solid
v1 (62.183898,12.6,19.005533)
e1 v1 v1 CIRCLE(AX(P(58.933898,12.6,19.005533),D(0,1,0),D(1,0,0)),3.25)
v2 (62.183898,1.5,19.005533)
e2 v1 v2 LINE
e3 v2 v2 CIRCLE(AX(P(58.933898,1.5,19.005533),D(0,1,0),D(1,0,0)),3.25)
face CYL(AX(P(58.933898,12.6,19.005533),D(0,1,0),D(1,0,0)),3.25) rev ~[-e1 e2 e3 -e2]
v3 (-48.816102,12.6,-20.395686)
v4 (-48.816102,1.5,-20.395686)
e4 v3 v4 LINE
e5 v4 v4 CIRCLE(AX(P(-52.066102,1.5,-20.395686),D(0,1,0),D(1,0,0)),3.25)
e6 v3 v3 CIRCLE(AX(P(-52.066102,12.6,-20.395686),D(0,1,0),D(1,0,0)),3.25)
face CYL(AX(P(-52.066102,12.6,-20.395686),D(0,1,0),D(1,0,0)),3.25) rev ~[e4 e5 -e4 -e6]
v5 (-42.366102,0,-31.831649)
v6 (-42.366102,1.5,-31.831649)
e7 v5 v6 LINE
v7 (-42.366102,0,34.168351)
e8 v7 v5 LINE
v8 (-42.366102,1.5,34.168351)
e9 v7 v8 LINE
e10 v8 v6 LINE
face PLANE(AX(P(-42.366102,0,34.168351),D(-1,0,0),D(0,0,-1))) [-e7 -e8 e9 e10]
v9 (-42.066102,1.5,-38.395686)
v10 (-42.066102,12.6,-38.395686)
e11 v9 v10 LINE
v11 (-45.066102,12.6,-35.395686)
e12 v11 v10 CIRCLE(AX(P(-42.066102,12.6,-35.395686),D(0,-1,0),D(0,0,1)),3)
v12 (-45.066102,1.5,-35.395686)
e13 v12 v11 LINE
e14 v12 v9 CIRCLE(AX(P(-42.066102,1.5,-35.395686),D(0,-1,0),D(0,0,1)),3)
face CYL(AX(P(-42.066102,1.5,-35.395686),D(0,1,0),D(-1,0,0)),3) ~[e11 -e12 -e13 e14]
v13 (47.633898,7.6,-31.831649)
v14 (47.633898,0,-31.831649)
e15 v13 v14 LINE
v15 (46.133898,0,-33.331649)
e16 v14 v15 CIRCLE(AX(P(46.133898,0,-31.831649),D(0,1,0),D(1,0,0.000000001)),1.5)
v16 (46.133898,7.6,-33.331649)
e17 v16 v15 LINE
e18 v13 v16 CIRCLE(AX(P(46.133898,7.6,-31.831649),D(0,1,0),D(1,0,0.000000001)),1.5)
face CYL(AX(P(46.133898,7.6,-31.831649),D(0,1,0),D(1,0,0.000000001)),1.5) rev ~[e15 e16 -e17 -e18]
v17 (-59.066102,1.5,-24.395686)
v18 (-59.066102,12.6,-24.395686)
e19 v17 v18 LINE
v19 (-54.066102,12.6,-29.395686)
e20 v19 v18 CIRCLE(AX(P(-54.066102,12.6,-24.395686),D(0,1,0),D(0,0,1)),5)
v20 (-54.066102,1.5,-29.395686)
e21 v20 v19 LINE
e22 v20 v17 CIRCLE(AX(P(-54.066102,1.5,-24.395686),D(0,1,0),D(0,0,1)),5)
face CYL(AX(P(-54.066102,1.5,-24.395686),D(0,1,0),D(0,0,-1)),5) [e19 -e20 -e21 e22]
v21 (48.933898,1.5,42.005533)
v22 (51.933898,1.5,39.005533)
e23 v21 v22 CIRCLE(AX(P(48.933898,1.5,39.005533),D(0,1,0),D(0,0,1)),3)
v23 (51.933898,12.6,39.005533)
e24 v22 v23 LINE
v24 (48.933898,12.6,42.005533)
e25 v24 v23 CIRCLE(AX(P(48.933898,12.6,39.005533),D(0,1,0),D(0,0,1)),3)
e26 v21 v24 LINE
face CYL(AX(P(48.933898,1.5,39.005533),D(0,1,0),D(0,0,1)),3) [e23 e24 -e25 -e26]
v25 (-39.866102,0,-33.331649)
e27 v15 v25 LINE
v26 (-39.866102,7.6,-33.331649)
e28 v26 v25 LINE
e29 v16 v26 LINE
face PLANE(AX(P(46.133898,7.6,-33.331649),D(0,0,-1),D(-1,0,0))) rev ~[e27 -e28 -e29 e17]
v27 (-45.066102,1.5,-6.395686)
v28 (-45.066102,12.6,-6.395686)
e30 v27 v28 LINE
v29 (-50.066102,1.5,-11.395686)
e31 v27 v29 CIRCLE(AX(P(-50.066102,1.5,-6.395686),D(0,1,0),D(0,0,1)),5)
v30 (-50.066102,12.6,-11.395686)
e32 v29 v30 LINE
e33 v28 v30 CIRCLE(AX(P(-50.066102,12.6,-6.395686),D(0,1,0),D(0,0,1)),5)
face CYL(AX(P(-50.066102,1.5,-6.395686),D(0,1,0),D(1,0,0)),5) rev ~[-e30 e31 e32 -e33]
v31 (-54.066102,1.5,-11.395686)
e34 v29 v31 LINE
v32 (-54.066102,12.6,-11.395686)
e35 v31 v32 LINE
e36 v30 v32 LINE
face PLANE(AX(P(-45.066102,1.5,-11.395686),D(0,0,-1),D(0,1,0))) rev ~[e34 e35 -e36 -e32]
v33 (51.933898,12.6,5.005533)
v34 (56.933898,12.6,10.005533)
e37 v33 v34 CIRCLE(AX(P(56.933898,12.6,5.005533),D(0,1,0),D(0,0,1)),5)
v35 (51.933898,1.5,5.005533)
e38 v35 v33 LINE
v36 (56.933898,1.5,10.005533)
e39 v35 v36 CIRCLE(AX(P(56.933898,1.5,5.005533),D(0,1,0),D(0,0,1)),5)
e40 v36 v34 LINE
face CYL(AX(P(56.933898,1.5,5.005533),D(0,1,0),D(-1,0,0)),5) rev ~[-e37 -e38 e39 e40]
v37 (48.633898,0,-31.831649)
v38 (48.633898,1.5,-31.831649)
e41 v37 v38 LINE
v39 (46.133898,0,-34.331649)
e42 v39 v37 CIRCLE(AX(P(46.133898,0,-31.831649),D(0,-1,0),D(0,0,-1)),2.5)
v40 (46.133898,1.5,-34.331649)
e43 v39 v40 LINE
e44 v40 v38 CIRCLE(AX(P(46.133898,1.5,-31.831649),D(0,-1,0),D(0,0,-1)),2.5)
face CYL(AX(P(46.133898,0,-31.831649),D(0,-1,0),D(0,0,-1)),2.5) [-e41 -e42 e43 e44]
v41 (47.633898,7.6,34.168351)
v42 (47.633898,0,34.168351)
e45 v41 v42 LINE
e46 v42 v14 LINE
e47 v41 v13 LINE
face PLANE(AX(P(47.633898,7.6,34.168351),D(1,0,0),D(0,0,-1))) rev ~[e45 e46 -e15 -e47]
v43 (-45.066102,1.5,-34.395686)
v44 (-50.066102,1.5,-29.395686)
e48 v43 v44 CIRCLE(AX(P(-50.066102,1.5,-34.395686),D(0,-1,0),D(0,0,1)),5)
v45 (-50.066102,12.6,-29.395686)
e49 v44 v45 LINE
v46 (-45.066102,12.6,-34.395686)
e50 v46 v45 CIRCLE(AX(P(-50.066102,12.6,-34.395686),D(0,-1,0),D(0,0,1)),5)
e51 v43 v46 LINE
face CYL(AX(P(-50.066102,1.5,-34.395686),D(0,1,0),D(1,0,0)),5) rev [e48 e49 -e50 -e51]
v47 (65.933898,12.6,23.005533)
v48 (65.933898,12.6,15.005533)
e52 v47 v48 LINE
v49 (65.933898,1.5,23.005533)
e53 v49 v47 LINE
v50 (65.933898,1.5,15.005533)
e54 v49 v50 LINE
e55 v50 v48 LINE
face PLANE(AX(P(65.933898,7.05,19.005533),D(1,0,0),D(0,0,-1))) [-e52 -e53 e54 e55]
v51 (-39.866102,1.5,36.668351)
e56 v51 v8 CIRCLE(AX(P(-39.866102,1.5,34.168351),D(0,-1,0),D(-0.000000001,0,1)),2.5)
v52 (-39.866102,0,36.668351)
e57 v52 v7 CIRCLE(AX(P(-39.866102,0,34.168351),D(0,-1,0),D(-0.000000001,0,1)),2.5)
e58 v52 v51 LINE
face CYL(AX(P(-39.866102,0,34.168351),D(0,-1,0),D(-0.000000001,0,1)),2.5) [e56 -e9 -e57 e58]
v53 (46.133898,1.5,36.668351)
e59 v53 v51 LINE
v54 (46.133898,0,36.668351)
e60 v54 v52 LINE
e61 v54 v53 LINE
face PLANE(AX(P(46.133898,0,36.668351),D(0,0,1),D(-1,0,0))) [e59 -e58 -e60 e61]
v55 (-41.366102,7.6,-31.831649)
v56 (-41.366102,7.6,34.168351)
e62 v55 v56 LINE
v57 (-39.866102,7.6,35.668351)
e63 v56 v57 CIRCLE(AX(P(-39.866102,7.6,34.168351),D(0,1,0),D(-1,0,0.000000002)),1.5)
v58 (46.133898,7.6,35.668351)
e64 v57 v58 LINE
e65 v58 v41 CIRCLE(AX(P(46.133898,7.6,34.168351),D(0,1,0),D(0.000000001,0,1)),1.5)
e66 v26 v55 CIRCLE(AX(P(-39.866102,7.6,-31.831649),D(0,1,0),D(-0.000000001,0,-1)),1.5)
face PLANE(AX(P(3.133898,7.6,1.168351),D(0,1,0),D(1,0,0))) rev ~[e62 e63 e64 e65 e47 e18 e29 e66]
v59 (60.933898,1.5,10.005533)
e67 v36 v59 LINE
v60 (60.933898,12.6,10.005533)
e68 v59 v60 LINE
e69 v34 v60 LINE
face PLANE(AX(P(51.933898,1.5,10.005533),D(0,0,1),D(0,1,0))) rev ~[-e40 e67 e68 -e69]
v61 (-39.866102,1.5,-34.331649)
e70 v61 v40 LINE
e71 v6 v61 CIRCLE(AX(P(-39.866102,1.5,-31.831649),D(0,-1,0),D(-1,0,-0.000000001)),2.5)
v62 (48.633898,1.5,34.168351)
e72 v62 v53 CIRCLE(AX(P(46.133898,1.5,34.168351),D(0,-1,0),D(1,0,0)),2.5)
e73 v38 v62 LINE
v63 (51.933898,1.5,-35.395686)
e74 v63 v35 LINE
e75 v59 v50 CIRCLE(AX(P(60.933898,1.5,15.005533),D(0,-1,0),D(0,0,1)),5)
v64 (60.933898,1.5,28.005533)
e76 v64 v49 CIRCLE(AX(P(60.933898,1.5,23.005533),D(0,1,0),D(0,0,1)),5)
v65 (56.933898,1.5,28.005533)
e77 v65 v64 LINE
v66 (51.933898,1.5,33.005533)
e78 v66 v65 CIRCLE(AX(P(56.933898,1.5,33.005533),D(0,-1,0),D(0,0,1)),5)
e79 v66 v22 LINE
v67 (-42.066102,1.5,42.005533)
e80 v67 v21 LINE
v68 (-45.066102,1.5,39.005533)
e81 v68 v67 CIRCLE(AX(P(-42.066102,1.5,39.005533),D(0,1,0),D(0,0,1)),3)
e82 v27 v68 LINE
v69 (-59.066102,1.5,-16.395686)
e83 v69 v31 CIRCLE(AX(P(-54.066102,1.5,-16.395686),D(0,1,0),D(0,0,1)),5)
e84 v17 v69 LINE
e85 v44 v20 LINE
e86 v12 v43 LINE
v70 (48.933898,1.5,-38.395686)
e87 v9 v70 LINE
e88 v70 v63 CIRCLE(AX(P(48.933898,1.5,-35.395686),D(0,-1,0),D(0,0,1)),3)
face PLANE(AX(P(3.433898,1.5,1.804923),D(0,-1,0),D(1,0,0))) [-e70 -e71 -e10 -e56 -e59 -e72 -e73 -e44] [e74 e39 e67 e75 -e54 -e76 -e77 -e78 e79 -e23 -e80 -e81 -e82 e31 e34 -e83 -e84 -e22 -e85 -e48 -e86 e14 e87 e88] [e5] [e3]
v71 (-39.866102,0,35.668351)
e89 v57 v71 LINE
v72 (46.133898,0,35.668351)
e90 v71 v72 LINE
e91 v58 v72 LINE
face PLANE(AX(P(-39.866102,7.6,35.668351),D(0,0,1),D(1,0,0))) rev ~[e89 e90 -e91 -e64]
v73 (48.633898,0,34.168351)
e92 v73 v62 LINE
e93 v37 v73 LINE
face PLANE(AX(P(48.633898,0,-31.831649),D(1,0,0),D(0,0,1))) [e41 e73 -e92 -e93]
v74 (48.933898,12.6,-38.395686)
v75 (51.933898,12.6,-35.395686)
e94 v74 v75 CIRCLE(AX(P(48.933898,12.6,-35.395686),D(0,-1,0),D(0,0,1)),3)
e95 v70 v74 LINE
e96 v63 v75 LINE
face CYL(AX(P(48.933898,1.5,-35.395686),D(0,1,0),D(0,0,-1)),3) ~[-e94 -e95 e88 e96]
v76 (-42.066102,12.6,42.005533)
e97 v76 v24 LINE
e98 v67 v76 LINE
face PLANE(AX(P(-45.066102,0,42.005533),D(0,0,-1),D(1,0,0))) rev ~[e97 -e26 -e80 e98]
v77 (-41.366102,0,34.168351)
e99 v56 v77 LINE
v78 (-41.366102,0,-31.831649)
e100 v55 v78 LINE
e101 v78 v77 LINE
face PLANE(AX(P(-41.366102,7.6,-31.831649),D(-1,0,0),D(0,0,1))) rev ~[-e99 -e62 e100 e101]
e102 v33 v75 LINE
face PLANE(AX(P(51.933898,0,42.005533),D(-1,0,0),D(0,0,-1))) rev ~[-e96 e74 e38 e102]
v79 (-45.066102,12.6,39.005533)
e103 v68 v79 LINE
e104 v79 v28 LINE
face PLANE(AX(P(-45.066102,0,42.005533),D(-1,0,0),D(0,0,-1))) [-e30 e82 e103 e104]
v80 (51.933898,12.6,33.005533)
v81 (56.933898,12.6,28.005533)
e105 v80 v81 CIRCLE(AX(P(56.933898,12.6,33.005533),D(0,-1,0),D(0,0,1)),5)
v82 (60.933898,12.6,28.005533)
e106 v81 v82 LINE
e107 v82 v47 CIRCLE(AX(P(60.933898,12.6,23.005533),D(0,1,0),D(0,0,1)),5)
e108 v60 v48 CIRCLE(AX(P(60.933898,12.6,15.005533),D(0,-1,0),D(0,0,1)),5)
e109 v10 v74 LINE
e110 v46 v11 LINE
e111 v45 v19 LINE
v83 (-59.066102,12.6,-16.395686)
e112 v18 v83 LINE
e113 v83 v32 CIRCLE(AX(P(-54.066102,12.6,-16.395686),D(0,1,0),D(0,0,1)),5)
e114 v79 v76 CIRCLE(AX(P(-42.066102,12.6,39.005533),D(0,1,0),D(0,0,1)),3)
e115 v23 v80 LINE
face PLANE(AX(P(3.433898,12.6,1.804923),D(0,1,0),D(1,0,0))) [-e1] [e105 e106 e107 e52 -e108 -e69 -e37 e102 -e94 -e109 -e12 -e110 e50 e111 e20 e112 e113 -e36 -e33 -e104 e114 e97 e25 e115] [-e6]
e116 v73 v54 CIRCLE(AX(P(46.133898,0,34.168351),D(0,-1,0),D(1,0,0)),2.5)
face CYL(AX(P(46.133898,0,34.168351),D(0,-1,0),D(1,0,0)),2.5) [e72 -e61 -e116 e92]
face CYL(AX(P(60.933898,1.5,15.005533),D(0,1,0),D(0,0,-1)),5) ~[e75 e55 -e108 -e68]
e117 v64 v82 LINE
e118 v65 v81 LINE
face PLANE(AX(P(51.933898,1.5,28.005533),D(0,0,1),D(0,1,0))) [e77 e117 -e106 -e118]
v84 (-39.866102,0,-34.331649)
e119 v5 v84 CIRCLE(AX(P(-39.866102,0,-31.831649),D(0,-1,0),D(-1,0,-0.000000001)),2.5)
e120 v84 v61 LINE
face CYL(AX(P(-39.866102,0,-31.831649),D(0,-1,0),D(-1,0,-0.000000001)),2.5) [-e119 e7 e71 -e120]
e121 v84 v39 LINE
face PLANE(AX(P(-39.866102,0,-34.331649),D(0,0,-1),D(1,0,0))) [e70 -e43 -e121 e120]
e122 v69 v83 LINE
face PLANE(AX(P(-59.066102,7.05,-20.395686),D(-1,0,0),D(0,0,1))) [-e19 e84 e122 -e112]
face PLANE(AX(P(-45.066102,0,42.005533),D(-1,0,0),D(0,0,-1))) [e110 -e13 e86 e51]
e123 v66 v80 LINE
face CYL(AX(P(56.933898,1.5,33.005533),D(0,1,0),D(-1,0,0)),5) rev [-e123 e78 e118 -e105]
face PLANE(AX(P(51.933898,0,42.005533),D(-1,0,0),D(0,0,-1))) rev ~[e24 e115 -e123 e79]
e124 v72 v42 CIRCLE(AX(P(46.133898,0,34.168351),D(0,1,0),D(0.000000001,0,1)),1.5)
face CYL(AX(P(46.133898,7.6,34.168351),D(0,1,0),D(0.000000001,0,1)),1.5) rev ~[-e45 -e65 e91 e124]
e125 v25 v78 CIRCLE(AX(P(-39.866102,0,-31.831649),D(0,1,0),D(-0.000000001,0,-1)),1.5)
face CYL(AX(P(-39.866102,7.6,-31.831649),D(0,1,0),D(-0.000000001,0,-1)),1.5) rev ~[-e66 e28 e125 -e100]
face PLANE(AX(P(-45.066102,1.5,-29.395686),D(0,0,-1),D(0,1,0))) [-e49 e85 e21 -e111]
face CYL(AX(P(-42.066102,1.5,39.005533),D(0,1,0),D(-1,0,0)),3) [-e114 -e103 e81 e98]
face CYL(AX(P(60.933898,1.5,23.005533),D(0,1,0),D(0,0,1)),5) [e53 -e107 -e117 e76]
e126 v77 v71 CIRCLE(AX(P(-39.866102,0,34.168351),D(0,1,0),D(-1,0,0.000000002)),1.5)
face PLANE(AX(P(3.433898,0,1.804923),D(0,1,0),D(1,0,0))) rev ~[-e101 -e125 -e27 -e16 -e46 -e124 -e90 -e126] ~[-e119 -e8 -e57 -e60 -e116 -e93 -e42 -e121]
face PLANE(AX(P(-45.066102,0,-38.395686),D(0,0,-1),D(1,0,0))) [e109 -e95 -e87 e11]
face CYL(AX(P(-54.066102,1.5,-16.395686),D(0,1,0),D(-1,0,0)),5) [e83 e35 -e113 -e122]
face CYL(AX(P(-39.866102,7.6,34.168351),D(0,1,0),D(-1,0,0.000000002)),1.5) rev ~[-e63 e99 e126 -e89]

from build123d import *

# Parameters (mm, degrees)
SKETCH1_W           = 97
SKETCH1_H           = 80.401218893
BOSS_EXTRUDE1_DEPTH = 12.6
CUT_EXTRUDE2_START  = -5
CUT_EXTRUDE2_DEPTH  = 10
SKETCH6_W           = 97
SKETCH6_H           = 80.401218893
CUT_EXTRUDE3_DEPTH  = 1.5
FILLET1_R           = 3
SKETCH7_W           = 18
SKETCH7_H           = 11.1
BOSS_EXTRUDE2_DEPTH = 14
SKETCH8_W           = 18
SKETCH8_H           = 11.1
BOSS_EXTRUDE3_DEPTH = 14
FILLET2_R           = 5
SKETCH9_R           = 3.25
CUT_EXTRUDE4_DEPTH  = 13.6


with BuildPart() as part:
    # Sketch1 → Boss-Extrude1 (new body)
    with BuildSketch(Plane(origin=(0, 0, 0), x_dir=(1, 0, 0), z_dir=(0, 1, 0))):
        with Locations((3.433898335, -1.804923378)):
            Rectangle(SKETCH1_W, SKETCH1_H)
    extrude(amount=BOSS_EXTRUDE1_DEPTH)

    # Sketch3 → Cut-Extrude2 (cut)
    with BuildSketch(Plane(origin=(0, 12.6, 0), x_dir=(1, 0, 0), z_dir=(0, 1, 0)).offset(CUT_EXTRUDE2_START)):
        with BuildLine():
            Line((-41.366101665, 31.831649434), (-41.366101665, -34.168350566))
            ThreePointArc((-41.366101665, -34.168350566), (-40.926761836, -35.229010737), (-39.866101665, -35.668350566))
            Line((-39.866101665, -35.668350566), (46.133898335, -35.668350566))
            ThreePointArc((46.133898335, -35.668350566), (47.194558507, -35.229010737), (47.633898335, -34.168350566))
            Line((47.633898335, -34.168350566), (47.633898335, 31.831649434))
            ThreePointArc((47.633898335, 31.831649434), (47.194558507, 32.892309606), (46.133898335, 33.331649434))
            Line((46.133898335, 33.331649434), (-39.866101665, 33.331649434))
            ThreePointArc((-39.866101665, 33.331649434), (-40.926761836, 32.892309606), (-41.366101665, 31.831649434))
        make_face()
    extrude(amount=-CUT_EXTRUDE2_DEPTH, mode=Mode.SUBTRACT)

    # Sketch6 → Cut-Extrude3 (cut)
    with BuildSketch(Plane.XZ):
        with Locations((3.433898335, 1.804923378)):
            Rectangle(SKETCH6_W, SKETCH6_H)
        with BuildLine():
            Line((-39.866101665, -34.331649434), (46.133898335, -34.331649434))
            ThreePointArc((46.133898335, -34.331649434), (47.901665288, -33.599416387), (48.633898335, -31.831649434))
            Line((48.633898335, -31.831649434), (48.633898335, 34.168350566))
            ThreePointArc((48.633898335, 34.168350566), (47.901665288, 35.936117519), (46.133898335, 36.668350566))
            Line((46.133898335, 36.668350566), (-39.866101665, 36.668350566))
            ThreePointArc((-39.866101665, 36.668350566), (-41.633868617, 35.936117519), (-42.366101665, 34.168350566))
            Line((-42.366101665, 34.168350566), (-42.366101665, -31.831649434))
            ThreePointArc((-42.366101665, -31.831649434), (-41.633868617, -33.599416387), (-39.866101665, -34.331649434))
        make_face(mode=Mode.SUBTRACT)
    extrude(amount=-CUT_EXTRUDE3_DEPTH, mode=Mode.SUBTRACT)

    # Fillet1
    fillet1_edges = [part.edges().sort_by_distance(p)[0] for p in [
        (51.933898335, 7.05, 42.005532825),
        (-45.066101665, 7.05, 42.005532825),
        (-45.066101665, 7.05, -38.395686068),
        (51.933898335, 7.05, -38.395686068),
    ]]
    fillet(fillet1_edges, radius=FILLET1_R)

    # Sketch7 → Boss-Extrude2 (add)
    with BuildSketch(Plane.ZY.offset(45.066101665)):
        with Locations((-20.395686068, 7.05)):
            Rectangle(SKETCH7_W, SKETCH7_H)
    extrude(amount=BOSS_EXTRUDE2_DEPTH)

    # Sketch8 → Boss-Extrude3 (add)
    with BuildSketch(Plane(origin=(51.933898335, 0, 0), x_dir=(0, 0, -1), z_dir=(1, 0, 0))):
        with Locations((-19.005532825, 7.05)):
            Rectangle(SKETCH8_W, SKETCH8_H)
    extrude(amount=BOSS_EXTRUDE3_DEPTH)

    # Fillet2
    fillet2_edges = [part.edges().sort_by_distance(p)[0] for p in [
        (-45.066101665, 7.05, -11.395686068),
        (-45.066101665, 7.05, -29.395686068),
        (-59.066101665, 7.05, -11.395686068),
        (-59.066101665, 7.05, -29.395686068),
        (51.933898335, 7.05, 10.005532825),
        (51.933898335, 7.05, 28.005532825),
        (65.933898335, 7.05, 10.005532825),
        (65.933898335, 7.05, 28.005532825),
    ]]
    fillet(fillet2_edges, radius=FILLET2_R)

    # Sketch9 → Cut-Extrude4 (cut, through all)
    with BuildSketch(Plane(origin=(0, 12.6, 0), x_dir=(1, 0, 0), z_dir=(0, 1, 0))):
        with Locations((58.933898335, -19.005532825)):
            Circle(SKETCH9_R)
        with Locations((-52.066101665, 20.395686068)):
            Circle(SKETCH9_R)
    extrude(amount=-CUT_EXTRUDE4_DEPTH, mode=Mode.SUBTRACT)


solid = part.part
